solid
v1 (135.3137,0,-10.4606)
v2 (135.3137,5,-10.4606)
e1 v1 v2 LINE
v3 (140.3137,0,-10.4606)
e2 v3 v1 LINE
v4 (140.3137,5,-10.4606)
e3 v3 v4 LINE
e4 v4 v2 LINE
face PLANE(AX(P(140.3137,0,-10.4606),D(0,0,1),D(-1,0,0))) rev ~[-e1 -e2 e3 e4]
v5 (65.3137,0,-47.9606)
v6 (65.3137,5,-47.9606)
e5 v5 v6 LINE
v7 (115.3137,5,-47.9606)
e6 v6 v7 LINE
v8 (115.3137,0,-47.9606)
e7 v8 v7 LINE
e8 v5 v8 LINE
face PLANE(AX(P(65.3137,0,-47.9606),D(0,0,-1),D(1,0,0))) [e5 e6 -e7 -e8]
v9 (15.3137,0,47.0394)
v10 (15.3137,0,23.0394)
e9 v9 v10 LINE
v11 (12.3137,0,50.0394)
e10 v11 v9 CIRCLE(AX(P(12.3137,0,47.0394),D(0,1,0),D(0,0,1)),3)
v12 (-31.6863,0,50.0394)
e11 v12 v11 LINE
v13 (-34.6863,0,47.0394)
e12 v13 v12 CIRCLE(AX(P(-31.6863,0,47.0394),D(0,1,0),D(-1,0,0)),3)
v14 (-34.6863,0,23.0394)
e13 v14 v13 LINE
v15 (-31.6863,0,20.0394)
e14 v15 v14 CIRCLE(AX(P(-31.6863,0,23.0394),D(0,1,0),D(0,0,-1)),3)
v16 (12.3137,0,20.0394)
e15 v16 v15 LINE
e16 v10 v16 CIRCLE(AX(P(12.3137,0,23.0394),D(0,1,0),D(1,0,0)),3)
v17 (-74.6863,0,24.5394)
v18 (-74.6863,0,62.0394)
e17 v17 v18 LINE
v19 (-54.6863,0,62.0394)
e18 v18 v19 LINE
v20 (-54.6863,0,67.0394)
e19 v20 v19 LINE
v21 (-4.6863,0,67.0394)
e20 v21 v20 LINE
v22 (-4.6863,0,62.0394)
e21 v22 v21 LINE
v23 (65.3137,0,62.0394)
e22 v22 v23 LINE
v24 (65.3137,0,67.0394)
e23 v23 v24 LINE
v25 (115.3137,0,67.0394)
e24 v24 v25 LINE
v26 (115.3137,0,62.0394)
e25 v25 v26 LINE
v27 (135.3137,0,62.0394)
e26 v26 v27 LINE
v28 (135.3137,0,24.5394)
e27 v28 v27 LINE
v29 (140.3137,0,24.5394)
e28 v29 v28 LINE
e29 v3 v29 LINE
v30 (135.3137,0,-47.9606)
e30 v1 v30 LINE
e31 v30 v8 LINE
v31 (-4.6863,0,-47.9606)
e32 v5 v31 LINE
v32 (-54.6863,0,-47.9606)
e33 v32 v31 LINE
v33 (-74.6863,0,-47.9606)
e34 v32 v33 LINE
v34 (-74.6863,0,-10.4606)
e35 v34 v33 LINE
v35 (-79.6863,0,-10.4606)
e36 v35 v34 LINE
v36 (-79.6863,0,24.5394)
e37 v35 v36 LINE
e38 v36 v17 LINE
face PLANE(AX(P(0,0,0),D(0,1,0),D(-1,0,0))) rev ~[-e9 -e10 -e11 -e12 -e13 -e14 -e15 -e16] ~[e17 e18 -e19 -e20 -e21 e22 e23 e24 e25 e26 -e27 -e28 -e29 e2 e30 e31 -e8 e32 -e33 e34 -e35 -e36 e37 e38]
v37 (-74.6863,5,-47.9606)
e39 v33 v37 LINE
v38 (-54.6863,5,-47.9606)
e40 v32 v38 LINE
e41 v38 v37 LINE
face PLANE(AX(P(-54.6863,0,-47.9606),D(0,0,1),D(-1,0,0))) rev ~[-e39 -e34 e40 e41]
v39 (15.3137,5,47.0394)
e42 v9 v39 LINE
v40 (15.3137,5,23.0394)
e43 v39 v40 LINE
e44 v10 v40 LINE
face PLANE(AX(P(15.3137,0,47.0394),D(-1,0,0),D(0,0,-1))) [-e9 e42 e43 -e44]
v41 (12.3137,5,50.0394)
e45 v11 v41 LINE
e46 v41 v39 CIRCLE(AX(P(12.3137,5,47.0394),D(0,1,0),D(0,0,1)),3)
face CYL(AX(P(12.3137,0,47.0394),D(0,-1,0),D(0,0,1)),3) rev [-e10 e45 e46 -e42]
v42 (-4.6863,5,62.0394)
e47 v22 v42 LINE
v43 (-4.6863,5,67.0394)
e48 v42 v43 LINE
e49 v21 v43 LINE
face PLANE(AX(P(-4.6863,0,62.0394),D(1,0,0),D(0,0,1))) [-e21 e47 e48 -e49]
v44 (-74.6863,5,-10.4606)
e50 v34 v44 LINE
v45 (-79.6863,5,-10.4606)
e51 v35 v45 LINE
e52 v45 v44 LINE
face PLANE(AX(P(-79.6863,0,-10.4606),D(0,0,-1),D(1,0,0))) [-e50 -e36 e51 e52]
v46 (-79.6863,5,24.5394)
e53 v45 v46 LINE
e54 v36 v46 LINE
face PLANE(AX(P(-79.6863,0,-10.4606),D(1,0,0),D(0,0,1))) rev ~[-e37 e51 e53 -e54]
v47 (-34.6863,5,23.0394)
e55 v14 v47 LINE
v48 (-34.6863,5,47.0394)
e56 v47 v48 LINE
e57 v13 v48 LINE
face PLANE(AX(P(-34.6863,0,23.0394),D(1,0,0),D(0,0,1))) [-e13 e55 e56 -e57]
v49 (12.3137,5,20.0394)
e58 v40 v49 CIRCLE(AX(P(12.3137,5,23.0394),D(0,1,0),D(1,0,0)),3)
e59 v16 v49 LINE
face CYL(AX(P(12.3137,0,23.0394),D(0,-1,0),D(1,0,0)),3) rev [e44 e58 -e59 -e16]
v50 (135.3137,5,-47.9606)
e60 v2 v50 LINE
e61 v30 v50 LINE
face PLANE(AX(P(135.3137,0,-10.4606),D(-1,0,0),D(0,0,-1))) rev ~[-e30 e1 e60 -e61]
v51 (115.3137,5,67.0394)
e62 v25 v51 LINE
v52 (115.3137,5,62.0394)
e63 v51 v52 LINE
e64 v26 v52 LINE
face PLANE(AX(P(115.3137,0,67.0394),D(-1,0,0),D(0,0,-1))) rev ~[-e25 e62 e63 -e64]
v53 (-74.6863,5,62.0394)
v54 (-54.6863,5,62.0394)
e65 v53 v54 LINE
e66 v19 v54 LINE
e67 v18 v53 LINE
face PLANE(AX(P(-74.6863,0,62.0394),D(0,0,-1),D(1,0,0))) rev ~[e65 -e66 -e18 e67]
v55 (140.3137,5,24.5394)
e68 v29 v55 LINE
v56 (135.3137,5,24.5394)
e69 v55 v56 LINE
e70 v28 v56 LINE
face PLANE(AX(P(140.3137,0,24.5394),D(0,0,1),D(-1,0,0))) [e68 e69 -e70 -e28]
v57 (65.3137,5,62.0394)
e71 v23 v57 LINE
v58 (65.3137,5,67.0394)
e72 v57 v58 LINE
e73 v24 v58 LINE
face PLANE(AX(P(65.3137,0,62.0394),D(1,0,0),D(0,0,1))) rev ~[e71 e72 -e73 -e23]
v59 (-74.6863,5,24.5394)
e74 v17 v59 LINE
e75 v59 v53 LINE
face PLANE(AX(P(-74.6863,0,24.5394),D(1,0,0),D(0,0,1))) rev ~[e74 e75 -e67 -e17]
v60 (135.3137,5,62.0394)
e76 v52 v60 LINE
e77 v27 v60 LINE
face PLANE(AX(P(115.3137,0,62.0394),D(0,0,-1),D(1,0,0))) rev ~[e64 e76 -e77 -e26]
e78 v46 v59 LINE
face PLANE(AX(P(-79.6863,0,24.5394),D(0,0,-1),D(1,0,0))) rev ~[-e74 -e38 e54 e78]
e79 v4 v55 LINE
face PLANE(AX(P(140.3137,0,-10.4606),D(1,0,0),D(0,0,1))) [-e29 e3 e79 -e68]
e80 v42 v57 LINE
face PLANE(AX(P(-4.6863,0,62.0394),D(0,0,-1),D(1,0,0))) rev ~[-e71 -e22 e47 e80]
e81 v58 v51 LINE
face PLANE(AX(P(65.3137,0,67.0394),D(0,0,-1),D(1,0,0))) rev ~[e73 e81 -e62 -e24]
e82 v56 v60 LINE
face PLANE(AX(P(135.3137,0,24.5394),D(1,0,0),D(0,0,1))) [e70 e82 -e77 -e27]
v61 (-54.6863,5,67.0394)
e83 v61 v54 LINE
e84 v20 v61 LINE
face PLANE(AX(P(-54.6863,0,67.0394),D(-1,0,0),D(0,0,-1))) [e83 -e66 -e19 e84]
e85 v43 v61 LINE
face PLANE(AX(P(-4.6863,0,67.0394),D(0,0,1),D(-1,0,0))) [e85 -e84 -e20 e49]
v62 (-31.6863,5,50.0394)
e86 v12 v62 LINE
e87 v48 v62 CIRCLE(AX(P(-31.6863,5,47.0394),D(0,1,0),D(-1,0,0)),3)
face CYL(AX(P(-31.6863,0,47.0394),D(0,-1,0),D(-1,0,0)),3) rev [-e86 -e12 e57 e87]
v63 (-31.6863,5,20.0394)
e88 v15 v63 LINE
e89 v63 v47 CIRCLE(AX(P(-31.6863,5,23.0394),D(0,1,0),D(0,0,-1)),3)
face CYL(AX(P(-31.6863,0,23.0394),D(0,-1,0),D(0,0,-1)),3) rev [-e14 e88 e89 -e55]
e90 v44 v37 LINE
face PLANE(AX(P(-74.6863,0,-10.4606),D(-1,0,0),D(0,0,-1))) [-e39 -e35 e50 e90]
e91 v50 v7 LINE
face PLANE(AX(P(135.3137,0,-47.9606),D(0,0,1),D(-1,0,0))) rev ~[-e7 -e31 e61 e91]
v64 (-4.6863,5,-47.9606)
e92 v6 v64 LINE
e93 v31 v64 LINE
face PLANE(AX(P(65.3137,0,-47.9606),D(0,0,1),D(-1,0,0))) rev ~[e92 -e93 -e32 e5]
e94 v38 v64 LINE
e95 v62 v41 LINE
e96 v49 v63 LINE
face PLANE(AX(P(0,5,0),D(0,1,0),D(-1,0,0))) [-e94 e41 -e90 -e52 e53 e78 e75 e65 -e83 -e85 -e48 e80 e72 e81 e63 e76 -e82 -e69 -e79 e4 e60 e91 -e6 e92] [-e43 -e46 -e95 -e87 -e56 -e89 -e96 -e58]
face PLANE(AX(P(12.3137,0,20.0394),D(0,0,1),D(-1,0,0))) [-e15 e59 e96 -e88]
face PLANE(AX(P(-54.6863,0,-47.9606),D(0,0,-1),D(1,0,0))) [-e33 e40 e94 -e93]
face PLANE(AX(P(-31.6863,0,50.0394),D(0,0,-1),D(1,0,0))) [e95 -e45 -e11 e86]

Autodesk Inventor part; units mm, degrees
ref_plane "YZ Plane" through (0, 0, 0) normal (1, 0, 0) x (0, 1, 0)
ref_plane "XZ Plane" through (0, 0, 0) normal (0, 1, 0) x (-1, 0, 0)
ref_plane "XY Plane" through (0, 0, 0) normal (0, 0, 1) x (1, 0, 0)
sketch "Sketch1" plane through (0, 0, 0) normal (0, 1, 0) x (-1, 0, 0)
  line L0 (4.6863, 62.0394) -> (4.6863, 67.0394)
  line L1 (54.6863, 67.0394) -> (54.6863, 62.0394)
  line L2 (74.6863, 62.0394) -> (54.6863, 62.0394)
  line L3 (-65.3137, 62.0394) -> (-65.3137, 67.0394)
  line L4 (-115.3137, 67.0394) -> (-115.3137, 62.0394)
  line L5 (4.6863, 62.0394) -> (-65.3137, 62.0394)
  line L6 (-115.3137, 62.0394) -> (-135.3137, 62.0394)
  line L7 (-135.3137, -47.9606) -> (-115.3137, -47.9606)
  line L8 (-65.3137, -47.9606) -> (4.6863, -47.9606)
  line L9 (54.6863, -47.9606) -> (74.6863, -47.9606)
  line L10 (79.6863, -10.4606) -> (74.6863, -10.4606)
  line L11 (74.6863, -10.4606) -> (74.6863, -47.9606)
  line L12 (79.6863, -10.4606) -> (79.6863, 24.5394)
  line L13 (79.6863, 24.5394) -> (74.6863, 24.5394)
  line L14 (74.6863, 24.5394) -> (74.6863, 62.0394)
  line L15 (-140.3137, -10.4606) -> (-140.3137, 24.5394)
  line L16 (-140.3137, -10.4606) -> (-135.3137, -10.4606)
  line L17 (-135.3137, -10.4606) -> (-135.3137, -47.9606)
  line L18 (-140.3137, 24.5394) -> (-135.3137, 24.5394)
  line L19 (-135.3137, 24.5394) -> (-135.3137, 62.0394)
  line L20 (31.6863, 50.0394) -> (-12.3137, 50.0394)
  line L21 (-15.3137, 47.0394) -> (-15.3137, 23.0394)
  line L22 (-12.3137, 20.0394) -> (31.6863, 20.0394)
  line L23 (34.6863, 23.0394) -> (34.6863, 47.0394)
  arc A0 (31.6863, 20.0394) -> (34.6863, 23.0394) centre (31.6863, 23.0394) ccw
  arc A1 (34.6863, 47.0394) -> (31.6863, 50.0394) centre (31.6863, 47.0394) ccw
  arc A2 (-12.3137, 50.0394) -> (-15.3137, 47.0394) centre (-12.3137, 47.0394) ccw
  arc A3 (-15.3137, 23.0394) -> (-12.3137, 20.0394) centre (-12.3137, 23.0394) ccw
  line L24 (54.6863, -47.9606) -> (-115.3137, -47.9606)
  line L25 (4.6863, 62.0394) -> (4.6863, 67.0394)
  line L26 (4.6863, 67.0394) -> (54.6863, 67.0394)
  line L27 (-65.3137, 67.0394) -> (-115.3137, 67.0394)
  point P0 (0, 0)
  point P1 (34.6863, 50.0394)
  point P2 (-15.3137, 50.0394)
  point P3 (-15.3137, 20.0394)
  dimension "d6" = 50
  dimension "d12" = 70
  dimension "d40" = 50
  dimension "d41" = 30
  dimension "d44" = 5
  dimension "d46" = 3
  dimension "d49" = 5
extrude "Extrusion3" add sketch "Sketch1" along normal blind 5
properties part number "Part Sisi 1"
